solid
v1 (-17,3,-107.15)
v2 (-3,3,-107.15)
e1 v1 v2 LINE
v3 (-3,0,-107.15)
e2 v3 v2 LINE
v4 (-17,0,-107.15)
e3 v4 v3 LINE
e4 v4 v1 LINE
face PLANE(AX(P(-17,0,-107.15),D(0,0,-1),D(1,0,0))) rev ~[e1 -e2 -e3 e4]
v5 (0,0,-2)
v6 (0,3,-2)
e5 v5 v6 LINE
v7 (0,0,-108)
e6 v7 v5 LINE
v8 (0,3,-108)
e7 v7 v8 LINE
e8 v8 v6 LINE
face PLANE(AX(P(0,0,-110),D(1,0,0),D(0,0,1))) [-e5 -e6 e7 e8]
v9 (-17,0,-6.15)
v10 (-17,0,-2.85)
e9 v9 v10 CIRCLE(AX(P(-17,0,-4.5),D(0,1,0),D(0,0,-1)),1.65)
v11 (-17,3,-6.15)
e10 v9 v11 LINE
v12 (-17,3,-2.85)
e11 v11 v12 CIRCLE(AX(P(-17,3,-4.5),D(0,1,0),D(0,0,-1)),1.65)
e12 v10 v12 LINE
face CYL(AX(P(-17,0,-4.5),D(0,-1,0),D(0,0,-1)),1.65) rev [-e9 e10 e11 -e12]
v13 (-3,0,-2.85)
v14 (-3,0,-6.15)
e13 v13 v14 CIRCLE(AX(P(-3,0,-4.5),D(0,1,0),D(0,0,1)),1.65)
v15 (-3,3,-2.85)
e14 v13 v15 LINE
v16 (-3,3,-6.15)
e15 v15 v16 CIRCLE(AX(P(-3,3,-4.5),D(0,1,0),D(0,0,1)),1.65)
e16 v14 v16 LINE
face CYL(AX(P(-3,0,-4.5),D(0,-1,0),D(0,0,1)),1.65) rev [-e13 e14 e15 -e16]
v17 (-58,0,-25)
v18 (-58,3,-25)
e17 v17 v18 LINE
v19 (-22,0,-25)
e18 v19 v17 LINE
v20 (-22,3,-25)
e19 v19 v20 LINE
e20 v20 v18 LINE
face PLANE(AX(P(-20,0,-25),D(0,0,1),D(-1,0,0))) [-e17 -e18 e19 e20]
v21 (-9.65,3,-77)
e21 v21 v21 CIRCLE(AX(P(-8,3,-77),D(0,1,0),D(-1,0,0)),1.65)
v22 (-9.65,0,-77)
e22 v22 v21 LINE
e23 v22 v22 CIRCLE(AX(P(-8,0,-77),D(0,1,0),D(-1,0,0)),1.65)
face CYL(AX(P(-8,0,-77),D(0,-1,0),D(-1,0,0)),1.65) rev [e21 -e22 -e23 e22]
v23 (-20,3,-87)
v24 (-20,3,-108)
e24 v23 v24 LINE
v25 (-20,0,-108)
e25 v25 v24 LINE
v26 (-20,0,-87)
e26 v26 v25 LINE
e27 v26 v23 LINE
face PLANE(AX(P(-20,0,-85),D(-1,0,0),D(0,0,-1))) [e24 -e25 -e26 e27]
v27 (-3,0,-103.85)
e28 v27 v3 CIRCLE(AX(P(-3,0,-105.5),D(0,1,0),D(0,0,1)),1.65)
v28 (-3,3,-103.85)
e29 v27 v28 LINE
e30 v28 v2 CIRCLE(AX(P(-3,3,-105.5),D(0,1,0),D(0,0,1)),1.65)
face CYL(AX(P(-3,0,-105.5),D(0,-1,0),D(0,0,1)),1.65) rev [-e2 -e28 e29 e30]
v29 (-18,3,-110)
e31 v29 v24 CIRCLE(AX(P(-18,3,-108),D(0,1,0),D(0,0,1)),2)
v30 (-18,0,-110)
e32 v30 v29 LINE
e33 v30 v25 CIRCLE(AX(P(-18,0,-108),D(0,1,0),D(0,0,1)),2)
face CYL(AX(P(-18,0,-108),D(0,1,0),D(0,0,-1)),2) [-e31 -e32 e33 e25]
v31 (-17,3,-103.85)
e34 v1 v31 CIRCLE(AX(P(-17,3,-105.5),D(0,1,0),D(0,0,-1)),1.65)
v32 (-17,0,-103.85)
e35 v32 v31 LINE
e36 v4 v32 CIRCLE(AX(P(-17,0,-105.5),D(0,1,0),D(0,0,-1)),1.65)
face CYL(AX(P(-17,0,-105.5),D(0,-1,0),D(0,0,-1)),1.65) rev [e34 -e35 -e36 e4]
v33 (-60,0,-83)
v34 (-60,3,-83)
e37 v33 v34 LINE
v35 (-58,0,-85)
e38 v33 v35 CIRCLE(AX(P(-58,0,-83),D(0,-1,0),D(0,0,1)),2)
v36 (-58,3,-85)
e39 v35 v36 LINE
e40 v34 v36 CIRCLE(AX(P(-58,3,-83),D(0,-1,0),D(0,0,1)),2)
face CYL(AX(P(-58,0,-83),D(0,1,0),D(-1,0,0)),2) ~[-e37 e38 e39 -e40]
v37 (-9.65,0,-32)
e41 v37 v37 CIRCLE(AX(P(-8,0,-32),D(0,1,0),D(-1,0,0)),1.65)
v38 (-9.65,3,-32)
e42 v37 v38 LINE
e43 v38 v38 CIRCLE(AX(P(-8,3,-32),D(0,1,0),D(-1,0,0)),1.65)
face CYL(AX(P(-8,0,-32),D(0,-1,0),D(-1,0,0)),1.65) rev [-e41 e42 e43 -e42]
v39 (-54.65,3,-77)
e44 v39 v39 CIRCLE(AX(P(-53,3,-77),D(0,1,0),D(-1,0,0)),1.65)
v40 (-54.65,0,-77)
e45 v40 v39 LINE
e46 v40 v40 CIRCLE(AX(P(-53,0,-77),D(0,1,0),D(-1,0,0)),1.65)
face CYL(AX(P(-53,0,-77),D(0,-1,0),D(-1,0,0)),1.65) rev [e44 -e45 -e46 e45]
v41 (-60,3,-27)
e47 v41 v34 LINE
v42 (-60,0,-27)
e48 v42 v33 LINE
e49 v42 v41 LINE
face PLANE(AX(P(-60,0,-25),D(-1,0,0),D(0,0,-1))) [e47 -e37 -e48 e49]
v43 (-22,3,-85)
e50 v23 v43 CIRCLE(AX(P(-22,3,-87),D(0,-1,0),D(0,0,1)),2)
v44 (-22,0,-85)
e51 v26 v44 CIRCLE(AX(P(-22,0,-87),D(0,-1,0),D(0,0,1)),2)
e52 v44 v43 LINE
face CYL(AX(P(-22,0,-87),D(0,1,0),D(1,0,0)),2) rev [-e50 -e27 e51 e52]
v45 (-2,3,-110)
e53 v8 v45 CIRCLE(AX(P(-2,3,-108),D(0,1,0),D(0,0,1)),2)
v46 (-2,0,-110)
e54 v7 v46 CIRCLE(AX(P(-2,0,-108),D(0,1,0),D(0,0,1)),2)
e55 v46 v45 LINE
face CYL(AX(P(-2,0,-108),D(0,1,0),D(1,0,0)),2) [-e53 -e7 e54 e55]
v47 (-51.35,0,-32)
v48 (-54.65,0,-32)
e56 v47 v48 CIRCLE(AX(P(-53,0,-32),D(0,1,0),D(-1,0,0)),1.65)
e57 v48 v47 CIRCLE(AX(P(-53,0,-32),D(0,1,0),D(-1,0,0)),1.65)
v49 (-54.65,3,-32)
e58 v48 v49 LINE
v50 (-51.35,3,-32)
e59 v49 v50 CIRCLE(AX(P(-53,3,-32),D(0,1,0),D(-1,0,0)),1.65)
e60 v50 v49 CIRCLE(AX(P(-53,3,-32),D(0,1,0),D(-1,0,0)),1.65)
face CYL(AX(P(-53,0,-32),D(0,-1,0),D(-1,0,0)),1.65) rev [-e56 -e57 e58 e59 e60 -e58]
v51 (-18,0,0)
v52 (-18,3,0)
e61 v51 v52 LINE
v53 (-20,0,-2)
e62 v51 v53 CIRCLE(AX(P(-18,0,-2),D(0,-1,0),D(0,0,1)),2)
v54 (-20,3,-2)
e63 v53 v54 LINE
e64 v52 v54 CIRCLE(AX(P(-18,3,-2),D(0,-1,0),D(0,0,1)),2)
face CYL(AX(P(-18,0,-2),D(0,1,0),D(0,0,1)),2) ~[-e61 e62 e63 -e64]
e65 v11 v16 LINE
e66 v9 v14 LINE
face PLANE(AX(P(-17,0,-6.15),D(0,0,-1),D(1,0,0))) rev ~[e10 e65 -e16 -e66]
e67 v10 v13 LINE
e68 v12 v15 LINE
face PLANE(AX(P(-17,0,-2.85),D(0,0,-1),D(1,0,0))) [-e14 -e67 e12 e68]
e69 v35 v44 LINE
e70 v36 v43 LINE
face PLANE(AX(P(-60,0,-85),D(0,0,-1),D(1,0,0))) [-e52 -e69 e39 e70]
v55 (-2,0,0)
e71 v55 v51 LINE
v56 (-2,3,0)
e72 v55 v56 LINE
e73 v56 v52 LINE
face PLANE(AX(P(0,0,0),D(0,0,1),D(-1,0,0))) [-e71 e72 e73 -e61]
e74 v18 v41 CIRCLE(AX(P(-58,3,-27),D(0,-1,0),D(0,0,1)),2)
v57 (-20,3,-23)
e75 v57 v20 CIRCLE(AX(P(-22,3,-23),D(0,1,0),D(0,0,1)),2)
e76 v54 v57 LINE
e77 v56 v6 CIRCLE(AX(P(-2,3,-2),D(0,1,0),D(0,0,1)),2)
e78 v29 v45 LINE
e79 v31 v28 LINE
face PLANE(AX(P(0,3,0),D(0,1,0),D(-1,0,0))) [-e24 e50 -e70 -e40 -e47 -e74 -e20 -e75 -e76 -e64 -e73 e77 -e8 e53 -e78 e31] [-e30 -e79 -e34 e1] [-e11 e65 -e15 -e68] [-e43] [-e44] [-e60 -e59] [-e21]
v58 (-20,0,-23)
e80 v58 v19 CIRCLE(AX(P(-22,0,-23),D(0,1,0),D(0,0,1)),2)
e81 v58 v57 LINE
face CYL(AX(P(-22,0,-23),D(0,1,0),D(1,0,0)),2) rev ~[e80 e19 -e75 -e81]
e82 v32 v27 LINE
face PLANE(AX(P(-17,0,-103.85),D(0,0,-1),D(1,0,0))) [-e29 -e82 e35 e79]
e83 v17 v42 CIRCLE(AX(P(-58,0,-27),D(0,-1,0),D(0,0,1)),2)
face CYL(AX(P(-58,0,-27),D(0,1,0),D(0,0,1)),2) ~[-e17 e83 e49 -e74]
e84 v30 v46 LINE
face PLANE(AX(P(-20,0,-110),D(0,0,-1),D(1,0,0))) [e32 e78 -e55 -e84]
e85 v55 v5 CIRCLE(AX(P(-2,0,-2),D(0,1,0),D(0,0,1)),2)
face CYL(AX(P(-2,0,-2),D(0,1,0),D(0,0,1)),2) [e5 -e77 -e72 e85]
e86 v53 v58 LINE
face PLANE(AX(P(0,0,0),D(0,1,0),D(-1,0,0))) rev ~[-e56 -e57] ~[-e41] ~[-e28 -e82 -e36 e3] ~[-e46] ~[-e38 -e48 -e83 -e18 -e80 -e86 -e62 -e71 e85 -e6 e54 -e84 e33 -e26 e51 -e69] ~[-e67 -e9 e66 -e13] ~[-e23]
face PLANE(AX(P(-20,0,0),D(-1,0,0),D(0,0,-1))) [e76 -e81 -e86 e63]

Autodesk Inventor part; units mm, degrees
ref_plane "YZ Plane" through (0, 0, 0) normal (1, 0, 0) x (0, 1, 0)
ref_plane "XZ Plane" through (0, 0, 0) normal (0, 1, 0) x (-1, 0, 0)
ref_plane "XY Plane" through (0, 0, 0) normal (0, 0, 1) x (1, 0, 0)
sketch "Sketch1" plane through (0, 0, 0) normal (0, 1, 0) x (-1, 0, 0)
  line L0 (0, 0) -> (20, 0)
  line L1 (20, 0) -> (20, -110)
  line L2 (20, -110) -> (0, -110)
  line L3 (0, -110) -> (0, 0)
  line L4 (17, -103.85) -> (3, -103.85)
  arc A0 (3, -103.85) -> (3, -107.15) centre (3, -105.5) ccw
  line L5 (17, -107.15) -> (3, -107.15)
  arc A1 (17, -107.15) -> (17, -103.85) centre (17, -105.5) ccw
  line L6 (17, -2.85) -> (3, -2.85)
  arc A2 (3, -2.85) -> (3, -6.15) centre (3, -4.5) ccw
  line L7 (17, -6.15) -> (3, -6.15)
  arc A3 (17, -6.15) -> (17, -2.85) centre (17, -4.5) ccw
  line L8 (20, -25) -> (60, -25)
  line L9 (60, -25) -> (60, -85)
  line L10 (60, -85) -> (20, -85)
  circle A4 centre (53, -77) radius 1.65
  circle A5 centre (53, -32) radius 1.65
  circle A6 centre (8, -32) radius 1.65
  circle A7 centre (8, -77) radius 1.65
  line L11 (53, -32) -> (8, -32)
  dimension "d0" = 110
  dimension "d1" = 20
  dimension "d3" = 3.3
  dimension "d5" = 3.3
  dimension "d8" = 2.85
  dimension "d9" = 3
  dimension "d10" = 3
  dimension "d11" = 3
  dimension "d12" = 3
  dimension "d16" = 101
  dimension "d17" = 3.3
  dimension "d18" = 60
  dimension "d19" = 60
  dimension "d20" = 25
  dimension "d21" = 3.3
  dimension "d22" = 3.3
  dimension "d23" = 3.3
  dimension "d24" = 45
  dimension "d25" = 45
  dimension "d26" = 45
  dimension "d27" = 45
  dimension "d28" = 7
  dimension "d29" = 7
  dimension "d30" = 7
extrude "Extrusion2" add sketch "Sketch1" along normal blind 3
fillet "Fillet2" radius 2 8 edges at (0, 1.5, 0) (0, 1.5, -110) (-20, 1.5, -110) (-20, 1.5, -85) (-60, 1.5, -85) (-60, 1.5, -25) (-20, 1.5, -25) (-20, 1.5, 0)
properties part number "RTK Mount"
